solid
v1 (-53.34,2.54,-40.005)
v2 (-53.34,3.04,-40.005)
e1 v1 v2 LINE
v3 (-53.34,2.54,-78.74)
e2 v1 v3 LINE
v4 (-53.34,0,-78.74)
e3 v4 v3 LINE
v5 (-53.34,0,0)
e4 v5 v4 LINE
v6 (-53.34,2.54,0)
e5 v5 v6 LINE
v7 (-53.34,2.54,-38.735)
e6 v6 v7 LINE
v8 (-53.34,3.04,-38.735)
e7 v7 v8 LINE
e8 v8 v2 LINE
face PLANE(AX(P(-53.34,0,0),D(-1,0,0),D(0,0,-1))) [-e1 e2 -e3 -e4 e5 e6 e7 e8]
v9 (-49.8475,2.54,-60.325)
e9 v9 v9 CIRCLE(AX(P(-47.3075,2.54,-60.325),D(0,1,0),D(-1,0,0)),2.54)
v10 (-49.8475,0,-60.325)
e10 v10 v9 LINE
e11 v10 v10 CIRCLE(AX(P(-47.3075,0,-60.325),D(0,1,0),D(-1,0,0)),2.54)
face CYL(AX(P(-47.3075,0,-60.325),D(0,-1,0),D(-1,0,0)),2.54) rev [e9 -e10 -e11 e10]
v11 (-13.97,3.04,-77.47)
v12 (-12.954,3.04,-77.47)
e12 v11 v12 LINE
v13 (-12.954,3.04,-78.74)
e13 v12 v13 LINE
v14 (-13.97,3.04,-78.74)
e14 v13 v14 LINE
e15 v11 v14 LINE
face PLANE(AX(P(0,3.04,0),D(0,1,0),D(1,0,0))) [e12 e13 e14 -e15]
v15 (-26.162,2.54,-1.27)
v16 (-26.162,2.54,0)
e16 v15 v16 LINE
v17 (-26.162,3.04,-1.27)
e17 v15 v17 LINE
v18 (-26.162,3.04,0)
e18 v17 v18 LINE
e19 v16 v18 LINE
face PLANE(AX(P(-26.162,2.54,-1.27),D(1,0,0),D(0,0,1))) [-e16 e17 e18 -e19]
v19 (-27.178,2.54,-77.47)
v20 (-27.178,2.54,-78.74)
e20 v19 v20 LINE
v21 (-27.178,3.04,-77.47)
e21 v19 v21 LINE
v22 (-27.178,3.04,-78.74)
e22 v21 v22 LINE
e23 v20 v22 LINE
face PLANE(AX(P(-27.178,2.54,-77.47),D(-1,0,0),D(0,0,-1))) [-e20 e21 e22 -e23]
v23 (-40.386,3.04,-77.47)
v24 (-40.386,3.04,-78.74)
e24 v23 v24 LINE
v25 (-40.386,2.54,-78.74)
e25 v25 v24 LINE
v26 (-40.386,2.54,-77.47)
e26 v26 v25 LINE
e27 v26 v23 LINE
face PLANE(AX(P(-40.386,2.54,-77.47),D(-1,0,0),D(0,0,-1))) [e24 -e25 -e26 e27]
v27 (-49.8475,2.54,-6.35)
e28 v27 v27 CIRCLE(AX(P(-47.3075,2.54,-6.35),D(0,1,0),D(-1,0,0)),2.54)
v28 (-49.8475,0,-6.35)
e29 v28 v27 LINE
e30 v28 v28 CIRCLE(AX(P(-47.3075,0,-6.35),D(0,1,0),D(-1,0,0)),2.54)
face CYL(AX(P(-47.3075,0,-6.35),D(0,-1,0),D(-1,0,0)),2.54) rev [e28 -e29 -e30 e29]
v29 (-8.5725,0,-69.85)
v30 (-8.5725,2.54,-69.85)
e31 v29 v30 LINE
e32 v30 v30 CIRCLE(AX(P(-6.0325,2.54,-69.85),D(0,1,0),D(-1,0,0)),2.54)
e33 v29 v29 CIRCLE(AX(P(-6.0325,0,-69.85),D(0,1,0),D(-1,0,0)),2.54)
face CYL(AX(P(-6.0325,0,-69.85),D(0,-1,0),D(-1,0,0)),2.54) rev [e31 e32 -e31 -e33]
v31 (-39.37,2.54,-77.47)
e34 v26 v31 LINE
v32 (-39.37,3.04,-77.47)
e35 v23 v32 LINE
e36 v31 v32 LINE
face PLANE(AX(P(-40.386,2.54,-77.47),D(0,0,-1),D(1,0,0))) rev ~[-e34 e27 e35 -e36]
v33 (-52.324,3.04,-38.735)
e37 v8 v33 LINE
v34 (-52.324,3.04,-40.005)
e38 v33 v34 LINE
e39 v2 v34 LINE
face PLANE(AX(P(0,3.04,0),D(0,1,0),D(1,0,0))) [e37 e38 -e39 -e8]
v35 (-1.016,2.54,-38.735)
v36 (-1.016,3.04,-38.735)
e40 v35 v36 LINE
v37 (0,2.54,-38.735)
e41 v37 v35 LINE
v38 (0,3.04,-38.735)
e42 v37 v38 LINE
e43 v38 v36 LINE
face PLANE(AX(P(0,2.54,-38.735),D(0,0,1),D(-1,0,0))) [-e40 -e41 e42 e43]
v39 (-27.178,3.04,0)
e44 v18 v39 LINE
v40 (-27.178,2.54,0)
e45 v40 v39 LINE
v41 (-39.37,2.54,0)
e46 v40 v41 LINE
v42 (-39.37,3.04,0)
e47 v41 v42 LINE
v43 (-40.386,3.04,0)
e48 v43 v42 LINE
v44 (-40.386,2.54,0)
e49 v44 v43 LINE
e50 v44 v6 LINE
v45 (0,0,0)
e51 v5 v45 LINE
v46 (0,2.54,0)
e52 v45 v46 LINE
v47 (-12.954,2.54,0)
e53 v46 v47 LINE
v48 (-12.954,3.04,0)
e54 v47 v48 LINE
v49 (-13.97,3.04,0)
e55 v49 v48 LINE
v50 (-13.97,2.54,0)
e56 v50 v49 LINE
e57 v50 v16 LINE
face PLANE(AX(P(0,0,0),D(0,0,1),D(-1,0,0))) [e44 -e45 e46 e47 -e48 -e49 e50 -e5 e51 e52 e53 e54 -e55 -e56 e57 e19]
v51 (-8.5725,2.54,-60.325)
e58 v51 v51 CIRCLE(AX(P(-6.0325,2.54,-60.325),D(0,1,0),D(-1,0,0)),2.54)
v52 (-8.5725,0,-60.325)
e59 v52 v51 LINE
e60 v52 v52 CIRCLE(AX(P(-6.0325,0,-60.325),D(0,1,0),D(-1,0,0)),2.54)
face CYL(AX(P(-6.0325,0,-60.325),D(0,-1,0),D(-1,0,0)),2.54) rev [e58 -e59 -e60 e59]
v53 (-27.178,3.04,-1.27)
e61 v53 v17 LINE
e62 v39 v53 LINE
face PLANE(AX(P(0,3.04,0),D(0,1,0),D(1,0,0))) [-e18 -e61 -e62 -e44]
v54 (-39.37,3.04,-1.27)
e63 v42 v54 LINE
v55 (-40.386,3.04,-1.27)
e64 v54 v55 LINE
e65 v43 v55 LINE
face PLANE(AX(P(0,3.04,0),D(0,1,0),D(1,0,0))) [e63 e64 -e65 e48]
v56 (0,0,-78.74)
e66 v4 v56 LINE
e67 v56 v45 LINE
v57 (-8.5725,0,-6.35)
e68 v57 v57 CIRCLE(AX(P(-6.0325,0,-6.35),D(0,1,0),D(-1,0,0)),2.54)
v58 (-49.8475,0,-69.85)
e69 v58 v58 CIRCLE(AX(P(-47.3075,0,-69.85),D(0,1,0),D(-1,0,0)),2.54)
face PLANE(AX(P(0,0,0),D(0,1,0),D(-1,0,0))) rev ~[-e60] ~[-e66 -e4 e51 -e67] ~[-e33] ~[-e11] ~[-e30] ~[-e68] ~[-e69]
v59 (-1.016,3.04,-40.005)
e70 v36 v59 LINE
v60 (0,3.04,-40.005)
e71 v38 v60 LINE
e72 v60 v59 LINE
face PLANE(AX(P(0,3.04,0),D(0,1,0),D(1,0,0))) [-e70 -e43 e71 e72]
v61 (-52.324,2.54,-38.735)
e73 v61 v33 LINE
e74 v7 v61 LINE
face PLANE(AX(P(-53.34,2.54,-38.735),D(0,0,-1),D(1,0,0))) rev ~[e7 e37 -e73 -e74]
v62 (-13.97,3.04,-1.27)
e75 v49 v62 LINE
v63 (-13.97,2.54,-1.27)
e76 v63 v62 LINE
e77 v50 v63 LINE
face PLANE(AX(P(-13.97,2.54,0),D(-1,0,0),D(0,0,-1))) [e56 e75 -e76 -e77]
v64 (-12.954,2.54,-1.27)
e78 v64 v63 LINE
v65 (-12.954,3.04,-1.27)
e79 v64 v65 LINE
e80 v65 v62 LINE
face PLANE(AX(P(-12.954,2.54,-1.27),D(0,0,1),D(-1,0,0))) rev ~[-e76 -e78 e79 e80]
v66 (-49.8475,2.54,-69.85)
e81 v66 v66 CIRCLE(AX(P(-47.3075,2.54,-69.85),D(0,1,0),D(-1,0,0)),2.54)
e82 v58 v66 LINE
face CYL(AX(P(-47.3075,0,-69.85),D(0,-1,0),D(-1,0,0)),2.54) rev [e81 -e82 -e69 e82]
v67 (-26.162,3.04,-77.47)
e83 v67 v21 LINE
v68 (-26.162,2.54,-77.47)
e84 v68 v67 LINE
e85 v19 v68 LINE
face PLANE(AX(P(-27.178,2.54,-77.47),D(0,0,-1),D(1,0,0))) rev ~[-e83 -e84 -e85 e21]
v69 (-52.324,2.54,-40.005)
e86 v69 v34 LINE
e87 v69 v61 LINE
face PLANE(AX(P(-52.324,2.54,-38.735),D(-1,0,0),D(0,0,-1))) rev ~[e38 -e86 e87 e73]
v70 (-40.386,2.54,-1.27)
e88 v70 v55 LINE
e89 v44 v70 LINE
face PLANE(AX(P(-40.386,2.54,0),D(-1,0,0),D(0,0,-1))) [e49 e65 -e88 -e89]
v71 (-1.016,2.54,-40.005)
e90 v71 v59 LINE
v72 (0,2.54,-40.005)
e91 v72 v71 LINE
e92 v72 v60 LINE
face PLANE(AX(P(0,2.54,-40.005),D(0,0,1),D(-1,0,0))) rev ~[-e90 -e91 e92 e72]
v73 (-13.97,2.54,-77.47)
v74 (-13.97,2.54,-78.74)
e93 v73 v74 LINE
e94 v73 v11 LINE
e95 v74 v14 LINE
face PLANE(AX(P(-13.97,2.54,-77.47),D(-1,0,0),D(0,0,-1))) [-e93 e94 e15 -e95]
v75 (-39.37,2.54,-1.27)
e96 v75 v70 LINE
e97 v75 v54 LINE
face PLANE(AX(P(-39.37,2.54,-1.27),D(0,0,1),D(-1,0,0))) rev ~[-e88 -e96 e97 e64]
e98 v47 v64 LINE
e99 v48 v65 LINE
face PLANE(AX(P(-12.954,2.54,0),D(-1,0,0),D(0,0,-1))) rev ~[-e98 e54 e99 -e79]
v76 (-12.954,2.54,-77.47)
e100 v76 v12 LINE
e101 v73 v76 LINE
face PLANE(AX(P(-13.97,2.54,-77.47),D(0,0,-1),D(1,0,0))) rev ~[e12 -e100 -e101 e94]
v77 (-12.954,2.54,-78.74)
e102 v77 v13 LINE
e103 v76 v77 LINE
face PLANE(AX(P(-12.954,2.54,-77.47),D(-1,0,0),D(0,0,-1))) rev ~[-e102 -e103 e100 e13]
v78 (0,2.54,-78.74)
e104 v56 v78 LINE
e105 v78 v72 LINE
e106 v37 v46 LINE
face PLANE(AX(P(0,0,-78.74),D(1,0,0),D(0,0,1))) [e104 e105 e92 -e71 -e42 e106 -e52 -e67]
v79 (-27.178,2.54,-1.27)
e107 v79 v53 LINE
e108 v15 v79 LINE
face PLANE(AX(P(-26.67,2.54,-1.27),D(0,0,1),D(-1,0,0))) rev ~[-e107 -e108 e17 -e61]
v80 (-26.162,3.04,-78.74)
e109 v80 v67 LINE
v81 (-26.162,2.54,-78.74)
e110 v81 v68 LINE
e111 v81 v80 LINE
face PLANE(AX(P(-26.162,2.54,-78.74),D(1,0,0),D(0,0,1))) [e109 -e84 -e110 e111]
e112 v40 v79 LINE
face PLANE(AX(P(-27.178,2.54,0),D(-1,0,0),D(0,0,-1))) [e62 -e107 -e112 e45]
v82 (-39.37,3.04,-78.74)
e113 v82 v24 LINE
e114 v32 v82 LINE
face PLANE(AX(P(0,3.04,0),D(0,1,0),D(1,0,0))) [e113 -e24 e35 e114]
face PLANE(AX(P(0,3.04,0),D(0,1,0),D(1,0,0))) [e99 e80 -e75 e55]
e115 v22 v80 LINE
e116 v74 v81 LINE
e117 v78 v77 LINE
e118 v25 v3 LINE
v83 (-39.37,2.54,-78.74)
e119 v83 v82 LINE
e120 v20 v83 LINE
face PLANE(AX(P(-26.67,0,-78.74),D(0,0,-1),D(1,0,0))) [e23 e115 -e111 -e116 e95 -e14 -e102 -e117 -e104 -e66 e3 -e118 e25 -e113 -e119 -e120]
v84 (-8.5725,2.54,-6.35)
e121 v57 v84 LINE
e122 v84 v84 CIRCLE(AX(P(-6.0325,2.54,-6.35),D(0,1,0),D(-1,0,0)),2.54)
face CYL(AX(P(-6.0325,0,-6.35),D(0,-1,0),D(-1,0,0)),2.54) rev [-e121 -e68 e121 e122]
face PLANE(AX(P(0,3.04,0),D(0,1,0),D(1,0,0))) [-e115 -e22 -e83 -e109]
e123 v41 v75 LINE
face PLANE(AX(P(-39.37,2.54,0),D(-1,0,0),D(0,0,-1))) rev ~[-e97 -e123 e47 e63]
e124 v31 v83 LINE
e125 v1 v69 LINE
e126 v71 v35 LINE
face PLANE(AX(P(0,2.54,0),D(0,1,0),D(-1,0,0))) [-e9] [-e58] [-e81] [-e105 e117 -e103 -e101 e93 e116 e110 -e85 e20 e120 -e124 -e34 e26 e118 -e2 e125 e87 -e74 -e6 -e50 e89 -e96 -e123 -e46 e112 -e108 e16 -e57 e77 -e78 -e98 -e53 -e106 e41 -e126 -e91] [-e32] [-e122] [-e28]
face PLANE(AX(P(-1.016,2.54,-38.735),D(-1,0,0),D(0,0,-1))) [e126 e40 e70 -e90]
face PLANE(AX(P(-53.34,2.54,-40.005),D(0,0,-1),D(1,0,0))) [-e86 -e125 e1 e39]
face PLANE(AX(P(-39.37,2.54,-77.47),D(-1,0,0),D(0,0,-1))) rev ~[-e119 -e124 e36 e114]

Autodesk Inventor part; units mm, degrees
ref_plane "YZ Plane" through (0, 0, 0) normal (1, 0, 0) x (0, 1, 0)
ref_plane "XZ Plane" through (0, 0, 0) normal (0, 1, 0) x (-1, 0, 0)
ref_plane "XY Plane" through (0, 0, 0) normal (0, 0, 1) x (1, 0, 0)
sketch "Sketch1" plane through (0, 0, 0) normal (0, 1, 0) x (-1, 0, 0)
  line L0 (0, 0) -> (53.34, 0)
  line L1 (53.34, 0) -> (53.34, -78.74)
  line L2 (53.34, -78.74) -> (0, -78.74)
  line L3 (0, -78.74) -> (0, 0)
  circle A0 centre (47.3075, -6.35) radius 2.54
  circle A1 centre (47.3075, -60.325) radius 2.54
  circle A2 centre (47.3075, -69.85) radius 2.54
  circle A3 centre (6.0325, -6.35) radius 2.54
  circle A4 centre (6.0325, -60.325) radius 2.54
  circle A5 centre (6.0325, -69.85) radius 2.54
  line L4 (26.67, 0) -> (26.67, -78.74)
  dimension "d0" = 53.34
  dimension "d1" = 78.74
  dimension "d2" = 5.08
  dimension "d3" = 5.08
  dimension "d4" = 5.08
  dimension "d5" = 53.975
  dimension "d6" = 63.5
  dimension "d9" = 41.275
  dimension "d14" = 20.6375
  dimension "d16" = 6.35
extrude "Extrusion1" add sketch "Sketch1" along normal blind 2.54
sketch "Sketch2" plane through (0, 2.54, 0) normal (0, 1, 0) x (1, 0, 0)
  line L0 (-53.34, 0) -> (0, 0) projected
  line L1 (-53.34, 78.74) -> (-53.34, 0) projected
  line L2 (0, 78.74) -> (-53.34, 78.74) projected
  line L3 (0, 0) -> (0, 78.74) projected
  circle A0 centre (-6.0325, 6.35) radius 2.54 projected
  circle A1 centre (-6.0325, 60.325) radius 2.54 projected
  circle A2 centre (-6.0325, 69.85) radius 2.54 projected
  circle A3 centre (-47.3075, 69.85) radius 2.54 projected
  circle A4 centre (-47.3075, 60.325) radius 2.54 projected
  circle A5 centre (-47.3075, 6.35) radius 2.54 projected
  line L4 (-26.67, 0) -> (-26.67, 78.74)
  line L5 (0, 78.74) -> (-53.34, 78.74) projected
  line L6 (-26.67, 0) -> (-39.37, 0)
  line L7 (-39.37, 0) -> (-39.37, 78.74)
  line L8 (-39.37, 78.74) -> (-26.67, 78.74)
  line L9 (-26.67, 78.74) -> (-26.67, 0)
  line L10 (-26.67, 0) -> (-13.97, 0)
  line L11 (-13.97, 0) -> (-13.97, 78.74)
  line L12 (-13.97, 78.74) -> (-26.67, 78.74)
  line L13 (-26.67, 78.74) -> (-26.67, 0)
  line L14 (-39.37, 0) -> (-40.386, 0)
  line L15 (-40.386, 0) -> (-40.386, 78.74)
  line L16 (-40.386, 78.74) -> (-39.37, 78.74)
  line L17 (-39.37, 78.74) -> (-39.37, 0)
  line L18 (-26.67, 0) -> (-27.178, 0)
  line L19 (-27.178, 0) -> (-27.178, 78.74)
  line L20 (-27.178, 78.74) -> (-26.67, 78.74)
  line L21 (-26.67, 78.74) -> (-26.67, 0)
  line L22 (-53.34, 0) -> (0, 0) projected
  line L23 (-26.67, 78.74) -> (-26.162, 78.74)
  line L24 (-26.162, 78.74) -> (-26.162, 0)
  line L25 (-26.162, 0) -> (-26.67, 0)
  line L26 (-26.67, 0) -> (-26.67, 78.74)
  line L27 (-13.97, 0) -> (-12.954, 0)
  line L28 (-12.954, 0) -> (-12.954, 78.74)
  line L29 (-12.954, 78.74) -> (-13.97, 78.74)
  line L30 (-13.97, 78.74) -> (-13.97, 0)
  line L31 (-40.386, 0) -> (-12.954, 0)
  line L32 (-12.954, 0) -> (-12.954, 1.27)
  line L33 (-12.954, 1.27) -> (-40.386, 1.27)
  line L34 (-40.386, 1.27) -> (-40.386, 0)
  line L35 (-12.954, 78.74) -> (-40.386, 78.74)
  line L36 (-40.386, 78.74) -> (-40.386, 77.47)
  line L37 (-40.386, 77.47) -> (-12.954, 77.47)
  line L38 (-12.954, 77.47) -> (-12.954, 78.74)
  line L39 (-53.34, 39.37) -> (0, 39.37)
  line L40 (0, 0) -> (0, 78.74) projected
  line L41 (-40.386, 39.37) -> (-12.954, 39.37)
  line L42 (-12.954, 39.37) -> (-12.954, 40.005)
  line L43 (-12.954, 40.005) -> (-40.386, 40.005)
  line L44 (-40.386, 40.005) -> (-40.386, 39.37)
  line L45 (-40.386, 39.37) -> (-12.954, 39.37)
  line L46 (-12.954, 39.37) -> (-12.954, 38.735)
  line L47 (-12.954, 38.735) -> (-40.386, 38.735)
  line L48 (-40.386, 38.735) -> (-40.386, 39.37)
  line L49 (-40.386, 38.735) -> (-39.37, 38.735)
  line L50 (-39.37, 38.735) -> (-39.37, 39.37)
  line L51 (-39.37, 39.37) -> (-40.386, 39.37)
  line L52 (-40.386, 39.37) -> (-40.386, 38.735)
  line L53 (-53.34, 78.74) -> (-53.34, 0) projected
  line L54 (-53.34, 0) -> (-52.324, 0)
  line L55 (-52.324, 0) -> (-52.324, 78.74)
  line L56 (-52.324, 78.74) -> (-53.34, 78.74)
  line L57 (-53.34, 78.74) -> (-53.34, 0)
  line L58 (0, 0) -> (-1.016, 0)
  line L59 (-1.016, 0) -> (-1.016, 78.74)
  line L60 (-1.016, 78.74) -> (0, 78.74)
  line L61 (0, 78.74) -> (0, 0)
  line L62 (-40.386, 39.37) -> (-53.34, 39.37)
  line L63 (-53.34, 39.37) -> (-53.34, 38.735)
  line L64 (-53.34, 38.735) -> (-40.386, 38.735)
  line L65 (-40.386, 38.735) -> (-40.386, 39.37)
  line L66 (-40.386, 39.37) -> (-53.34, 39.37)
  line L67 (-53.34, 39.37) -> (-53.34, 40.005)
  line L68 (-53.34, 40.005) -> (-40.386, 40.005)
  line L69 (-40.386, 40.005) -> (-40.386, 39.37)
  line L70 (-12.954, 39.37) -> (0, 39.37)
  line L71 (0, 39.37) -> (0, 38.735)
  line L72 (0, 38.735) -> (-12.954, 38.735)
  line L73 (-12.954, 38.735) -> (-12.954, 39.37)
  line L74 (-12.954, 39.37) -> (0, 39.37)
  line L75 (0, 39.37) -> (0, 40.005)
  line L76 (0, 40.005) -> (-12.954, 40.005)
  line L77 (-12.954, 40.005) -> (-12.954, 39.37)
  line L78 (-53.34, 38.735) -> (-52.324, 38.735)
  line L79 (-52.324, 38.735) -> (-52.324, 39.37)
  line L80 (-52.324, 39.37) -> (-53.34, 39.37)
  line L81 (-53.34, 39.37) -> (-53.34, 38.735)
  point P0 (-13.97, 38.735)
  point P1 (-13.97, 40.005)
  point P2 (-27.178, 38.735)
  point P3 (-26.162, 38.735)
  point P4 (-26.162, 40.005)
  point P5 (-27.178, 40.005)
  point P6 (-13.97, 1.27)
  point P7 (-27.178, 1.27)
  point P8 (-26.162, 1.27)
  point P9 (-39.37, 1.27)
  point P10 (-13.97, 77.47)
  point P11 (-27.178, 77.47)
  point P12 (-26.162, 77.47)
  point P13 (-39.37, 77.47)
  point P14 (-39.37, 38.735)
  point P15 (-39.37, 40.005)
  point P16 (-1.016, 38.735)
  point P17 (-1.016, 40.005)
  point P18 (-52.324, 38.735)
  point P19 (-52.324, 40.005)
  dimension "d19" = 12.7
  dimension "d20" = 12.7
  dimension "d22" = 0.508
  dimension "d23" = 0.508
  dimension "d24" = 1.016
  dimension "d25" = 1.016
  dimension "d26" = 1.27
  dimension "d27" = 1.27
  dimension "d28" = 0.635
  dimension "d29" = 0.635
  dimension "d32" = 1.016
  dimension "d33" = 1.016
extrude "Extrusion3" add sketch "Sketch2" along normal blind 0.5 contours L1 L39 L55 L64 | L15 L33 L7 L0 | L1 L68 L55 L39 | L19 L33 L4 L0 | L4 L33 L24 L0 | L15 L2 L7 L37 | L11 L33 L28 L0 | L19 L2 L4 L37 | L4 L2 L24 L37 | L59 L39 L3 L72 | L59 L76 L3 L39 | L11 L2 L28 L37
properties part number "trucks"
